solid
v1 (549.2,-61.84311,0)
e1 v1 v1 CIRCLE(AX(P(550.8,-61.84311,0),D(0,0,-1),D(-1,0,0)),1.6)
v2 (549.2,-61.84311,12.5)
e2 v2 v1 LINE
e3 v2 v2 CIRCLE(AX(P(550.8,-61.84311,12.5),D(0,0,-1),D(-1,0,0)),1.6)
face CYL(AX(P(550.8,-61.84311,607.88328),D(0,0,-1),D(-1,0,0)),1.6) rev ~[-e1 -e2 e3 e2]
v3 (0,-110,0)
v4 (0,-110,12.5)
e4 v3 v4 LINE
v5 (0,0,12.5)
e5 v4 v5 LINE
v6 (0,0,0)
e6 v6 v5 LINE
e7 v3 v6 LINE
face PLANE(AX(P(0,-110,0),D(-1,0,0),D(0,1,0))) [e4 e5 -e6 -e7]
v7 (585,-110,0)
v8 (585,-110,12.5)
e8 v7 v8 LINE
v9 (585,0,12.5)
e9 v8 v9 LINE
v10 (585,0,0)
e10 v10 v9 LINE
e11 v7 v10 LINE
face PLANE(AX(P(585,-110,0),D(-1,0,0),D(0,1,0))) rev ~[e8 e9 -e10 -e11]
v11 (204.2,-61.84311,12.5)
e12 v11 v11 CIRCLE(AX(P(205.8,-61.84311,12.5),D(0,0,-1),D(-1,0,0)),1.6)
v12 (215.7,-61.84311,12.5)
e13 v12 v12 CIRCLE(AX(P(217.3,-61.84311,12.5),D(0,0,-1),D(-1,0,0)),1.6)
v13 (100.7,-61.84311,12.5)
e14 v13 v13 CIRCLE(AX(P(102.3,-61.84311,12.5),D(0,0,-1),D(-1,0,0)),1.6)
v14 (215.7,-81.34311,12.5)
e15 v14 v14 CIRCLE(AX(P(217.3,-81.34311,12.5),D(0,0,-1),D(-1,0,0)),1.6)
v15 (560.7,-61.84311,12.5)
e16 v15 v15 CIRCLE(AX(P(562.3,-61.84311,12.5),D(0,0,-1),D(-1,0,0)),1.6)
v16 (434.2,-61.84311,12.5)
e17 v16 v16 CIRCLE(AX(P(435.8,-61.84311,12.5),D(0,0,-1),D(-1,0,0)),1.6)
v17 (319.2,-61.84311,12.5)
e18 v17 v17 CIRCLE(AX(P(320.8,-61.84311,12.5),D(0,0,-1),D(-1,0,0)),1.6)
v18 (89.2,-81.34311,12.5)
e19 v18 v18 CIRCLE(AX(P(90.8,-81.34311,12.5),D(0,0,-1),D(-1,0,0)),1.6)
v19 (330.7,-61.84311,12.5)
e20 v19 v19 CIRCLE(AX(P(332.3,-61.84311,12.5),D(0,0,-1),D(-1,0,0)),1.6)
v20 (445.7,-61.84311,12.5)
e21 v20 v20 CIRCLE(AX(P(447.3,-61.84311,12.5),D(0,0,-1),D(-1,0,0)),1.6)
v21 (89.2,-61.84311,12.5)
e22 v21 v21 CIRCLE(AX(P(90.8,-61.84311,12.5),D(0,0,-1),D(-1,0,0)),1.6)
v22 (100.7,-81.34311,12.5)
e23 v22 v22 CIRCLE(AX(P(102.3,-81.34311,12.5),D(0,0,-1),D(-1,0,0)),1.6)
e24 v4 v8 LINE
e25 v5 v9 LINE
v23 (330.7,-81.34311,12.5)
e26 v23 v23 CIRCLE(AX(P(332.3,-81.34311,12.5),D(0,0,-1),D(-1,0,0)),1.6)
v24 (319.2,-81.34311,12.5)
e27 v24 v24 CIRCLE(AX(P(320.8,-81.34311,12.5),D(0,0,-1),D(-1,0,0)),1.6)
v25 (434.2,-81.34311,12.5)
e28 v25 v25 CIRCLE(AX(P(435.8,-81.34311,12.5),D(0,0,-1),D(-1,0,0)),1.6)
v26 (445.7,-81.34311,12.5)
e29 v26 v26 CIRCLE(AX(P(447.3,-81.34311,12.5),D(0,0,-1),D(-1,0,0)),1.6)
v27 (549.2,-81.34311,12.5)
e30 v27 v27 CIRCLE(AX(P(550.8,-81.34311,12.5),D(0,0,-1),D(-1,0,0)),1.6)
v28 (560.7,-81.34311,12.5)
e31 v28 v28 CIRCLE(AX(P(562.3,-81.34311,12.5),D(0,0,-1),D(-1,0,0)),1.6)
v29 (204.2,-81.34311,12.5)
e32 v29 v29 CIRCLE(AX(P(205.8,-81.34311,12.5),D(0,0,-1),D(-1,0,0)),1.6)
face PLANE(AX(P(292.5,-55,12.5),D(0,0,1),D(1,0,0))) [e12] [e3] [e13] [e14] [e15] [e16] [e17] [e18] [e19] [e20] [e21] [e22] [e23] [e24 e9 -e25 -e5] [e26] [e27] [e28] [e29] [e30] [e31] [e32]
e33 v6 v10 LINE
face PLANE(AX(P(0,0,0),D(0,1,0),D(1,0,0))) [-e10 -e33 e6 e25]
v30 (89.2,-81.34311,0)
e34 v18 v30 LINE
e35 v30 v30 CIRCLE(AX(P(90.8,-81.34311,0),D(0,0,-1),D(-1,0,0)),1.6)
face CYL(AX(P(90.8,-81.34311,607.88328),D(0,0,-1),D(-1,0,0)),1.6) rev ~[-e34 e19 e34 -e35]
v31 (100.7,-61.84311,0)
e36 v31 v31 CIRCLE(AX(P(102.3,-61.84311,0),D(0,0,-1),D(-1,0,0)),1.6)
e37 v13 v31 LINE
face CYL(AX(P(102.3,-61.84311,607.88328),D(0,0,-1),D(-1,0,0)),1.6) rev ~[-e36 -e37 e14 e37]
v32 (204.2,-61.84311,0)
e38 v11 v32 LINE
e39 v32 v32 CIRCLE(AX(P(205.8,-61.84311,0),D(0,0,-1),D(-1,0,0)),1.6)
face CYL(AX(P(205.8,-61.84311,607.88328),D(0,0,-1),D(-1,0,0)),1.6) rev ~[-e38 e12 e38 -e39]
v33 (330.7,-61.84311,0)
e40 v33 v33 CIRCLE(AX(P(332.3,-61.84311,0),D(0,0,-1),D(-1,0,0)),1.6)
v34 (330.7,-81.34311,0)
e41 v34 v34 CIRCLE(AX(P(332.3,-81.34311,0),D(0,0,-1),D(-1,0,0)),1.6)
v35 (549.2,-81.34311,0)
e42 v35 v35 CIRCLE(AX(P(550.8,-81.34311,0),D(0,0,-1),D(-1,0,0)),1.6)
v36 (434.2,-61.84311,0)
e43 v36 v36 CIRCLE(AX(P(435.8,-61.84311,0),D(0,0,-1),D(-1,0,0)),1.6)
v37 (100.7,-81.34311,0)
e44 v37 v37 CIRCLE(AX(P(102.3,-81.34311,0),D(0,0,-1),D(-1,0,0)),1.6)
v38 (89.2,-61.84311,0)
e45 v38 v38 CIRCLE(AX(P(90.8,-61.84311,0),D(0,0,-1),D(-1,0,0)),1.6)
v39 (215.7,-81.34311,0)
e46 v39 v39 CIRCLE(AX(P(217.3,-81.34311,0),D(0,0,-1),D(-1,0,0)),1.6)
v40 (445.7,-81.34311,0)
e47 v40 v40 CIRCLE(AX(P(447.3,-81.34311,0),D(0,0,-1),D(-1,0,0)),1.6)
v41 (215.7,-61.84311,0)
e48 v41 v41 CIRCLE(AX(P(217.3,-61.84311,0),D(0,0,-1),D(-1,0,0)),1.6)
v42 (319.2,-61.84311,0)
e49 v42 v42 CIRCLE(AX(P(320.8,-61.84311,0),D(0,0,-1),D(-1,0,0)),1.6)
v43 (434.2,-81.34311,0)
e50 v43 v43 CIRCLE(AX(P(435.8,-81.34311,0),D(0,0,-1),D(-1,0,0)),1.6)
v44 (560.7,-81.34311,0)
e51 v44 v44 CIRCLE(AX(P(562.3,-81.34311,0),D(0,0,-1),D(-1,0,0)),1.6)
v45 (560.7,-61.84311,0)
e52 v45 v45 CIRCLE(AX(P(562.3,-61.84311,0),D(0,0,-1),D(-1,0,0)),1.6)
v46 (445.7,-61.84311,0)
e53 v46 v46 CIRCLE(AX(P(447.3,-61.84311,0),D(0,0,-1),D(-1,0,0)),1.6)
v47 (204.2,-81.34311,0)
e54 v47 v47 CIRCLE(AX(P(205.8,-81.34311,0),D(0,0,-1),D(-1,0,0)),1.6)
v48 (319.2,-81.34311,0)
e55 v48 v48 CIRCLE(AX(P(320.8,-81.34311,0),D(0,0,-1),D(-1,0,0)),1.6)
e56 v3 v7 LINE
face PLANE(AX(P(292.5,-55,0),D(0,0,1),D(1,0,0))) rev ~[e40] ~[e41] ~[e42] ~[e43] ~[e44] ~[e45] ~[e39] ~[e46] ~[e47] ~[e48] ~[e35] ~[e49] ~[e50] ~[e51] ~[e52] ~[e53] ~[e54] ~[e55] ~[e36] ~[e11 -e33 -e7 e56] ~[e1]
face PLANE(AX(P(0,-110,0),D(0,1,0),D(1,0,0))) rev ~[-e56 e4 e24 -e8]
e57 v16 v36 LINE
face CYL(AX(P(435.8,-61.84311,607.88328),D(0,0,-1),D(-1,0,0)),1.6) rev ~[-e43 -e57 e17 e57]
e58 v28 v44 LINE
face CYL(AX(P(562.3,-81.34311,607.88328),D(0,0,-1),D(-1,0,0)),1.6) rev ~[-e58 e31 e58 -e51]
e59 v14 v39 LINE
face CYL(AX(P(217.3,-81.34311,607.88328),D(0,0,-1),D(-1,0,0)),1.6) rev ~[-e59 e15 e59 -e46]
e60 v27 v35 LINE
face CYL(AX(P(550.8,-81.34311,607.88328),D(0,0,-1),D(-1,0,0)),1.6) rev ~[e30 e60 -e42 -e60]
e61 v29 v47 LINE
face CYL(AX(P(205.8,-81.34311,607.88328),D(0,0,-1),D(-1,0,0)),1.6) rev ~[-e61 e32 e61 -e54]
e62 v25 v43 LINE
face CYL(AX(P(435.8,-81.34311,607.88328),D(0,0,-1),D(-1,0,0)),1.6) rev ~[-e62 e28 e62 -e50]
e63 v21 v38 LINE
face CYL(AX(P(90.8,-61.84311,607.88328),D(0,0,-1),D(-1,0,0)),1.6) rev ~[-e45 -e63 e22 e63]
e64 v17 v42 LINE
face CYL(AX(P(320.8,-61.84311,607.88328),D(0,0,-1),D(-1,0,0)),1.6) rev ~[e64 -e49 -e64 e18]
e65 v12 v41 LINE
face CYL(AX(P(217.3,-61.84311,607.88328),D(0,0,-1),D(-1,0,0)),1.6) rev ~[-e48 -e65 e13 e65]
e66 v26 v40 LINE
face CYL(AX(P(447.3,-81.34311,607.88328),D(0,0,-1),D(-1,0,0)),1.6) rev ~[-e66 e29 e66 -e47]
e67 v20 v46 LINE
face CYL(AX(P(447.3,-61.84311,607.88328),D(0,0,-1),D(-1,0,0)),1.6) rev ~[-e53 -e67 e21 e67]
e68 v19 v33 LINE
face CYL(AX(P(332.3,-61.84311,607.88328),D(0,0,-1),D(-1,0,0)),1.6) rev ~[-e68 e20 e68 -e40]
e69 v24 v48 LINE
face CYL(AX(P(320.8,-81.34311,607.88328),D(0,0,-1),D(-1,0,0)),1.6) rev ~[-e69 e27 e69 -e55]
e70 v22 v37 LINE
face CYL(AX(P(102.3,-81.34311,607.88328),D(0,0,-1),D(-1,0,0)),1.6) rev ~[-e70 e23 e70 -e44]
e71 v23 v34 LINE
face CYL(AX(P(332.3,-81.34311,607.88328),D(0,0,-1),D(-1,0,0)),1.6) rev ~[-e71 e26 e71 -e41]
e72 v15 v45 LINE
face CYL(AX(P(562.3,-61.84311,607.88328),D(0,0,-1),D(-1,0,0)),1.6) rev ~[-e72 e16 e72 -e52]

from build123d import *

# Parameters (mm, degrees)
F0_W     = 585
F0_H     = 110
F1_DEPTH = 12.5
F3_D     = 3.2


with BuildPart() as f1:
    # F0 (on Top) → F1 (new body)
    with BuildSketch(Plane.XY):
        with Locations((292.5, -55)):
            Rectangle(F0_W, F0_H)
    extrude(amount=F1_DEPTH)

    # F3 (through all)
    with Locations(Plane.XY.offset(12.5)):
        with Locations((90.8, -81.3431097357), (90.8, -61.8431097357), (102.3, -61.8431097357), (102.3, -81.3431097357), (205.8, -61.8431097357), (217.3, -61.8431097357), (205.8, -81.3431097357), (217.3, -81.3431097357), (320.8, -61.8431097357), (320.8, -81.3431097357), (332.3, -61.8431097357), (332.3, -81.3431097357), (435.8, -61.8431097357), (447.3, -61.8431097357), (435.8, -81.3431097357), (447.3, -81.3431097357), (550.8, -61.8431097357), (562.3, -61.8431097357), (562.3, -81.3431097357), (550.8, -81.3431097357)):
            Hole(F3_D / 2)


solid = f1.part
